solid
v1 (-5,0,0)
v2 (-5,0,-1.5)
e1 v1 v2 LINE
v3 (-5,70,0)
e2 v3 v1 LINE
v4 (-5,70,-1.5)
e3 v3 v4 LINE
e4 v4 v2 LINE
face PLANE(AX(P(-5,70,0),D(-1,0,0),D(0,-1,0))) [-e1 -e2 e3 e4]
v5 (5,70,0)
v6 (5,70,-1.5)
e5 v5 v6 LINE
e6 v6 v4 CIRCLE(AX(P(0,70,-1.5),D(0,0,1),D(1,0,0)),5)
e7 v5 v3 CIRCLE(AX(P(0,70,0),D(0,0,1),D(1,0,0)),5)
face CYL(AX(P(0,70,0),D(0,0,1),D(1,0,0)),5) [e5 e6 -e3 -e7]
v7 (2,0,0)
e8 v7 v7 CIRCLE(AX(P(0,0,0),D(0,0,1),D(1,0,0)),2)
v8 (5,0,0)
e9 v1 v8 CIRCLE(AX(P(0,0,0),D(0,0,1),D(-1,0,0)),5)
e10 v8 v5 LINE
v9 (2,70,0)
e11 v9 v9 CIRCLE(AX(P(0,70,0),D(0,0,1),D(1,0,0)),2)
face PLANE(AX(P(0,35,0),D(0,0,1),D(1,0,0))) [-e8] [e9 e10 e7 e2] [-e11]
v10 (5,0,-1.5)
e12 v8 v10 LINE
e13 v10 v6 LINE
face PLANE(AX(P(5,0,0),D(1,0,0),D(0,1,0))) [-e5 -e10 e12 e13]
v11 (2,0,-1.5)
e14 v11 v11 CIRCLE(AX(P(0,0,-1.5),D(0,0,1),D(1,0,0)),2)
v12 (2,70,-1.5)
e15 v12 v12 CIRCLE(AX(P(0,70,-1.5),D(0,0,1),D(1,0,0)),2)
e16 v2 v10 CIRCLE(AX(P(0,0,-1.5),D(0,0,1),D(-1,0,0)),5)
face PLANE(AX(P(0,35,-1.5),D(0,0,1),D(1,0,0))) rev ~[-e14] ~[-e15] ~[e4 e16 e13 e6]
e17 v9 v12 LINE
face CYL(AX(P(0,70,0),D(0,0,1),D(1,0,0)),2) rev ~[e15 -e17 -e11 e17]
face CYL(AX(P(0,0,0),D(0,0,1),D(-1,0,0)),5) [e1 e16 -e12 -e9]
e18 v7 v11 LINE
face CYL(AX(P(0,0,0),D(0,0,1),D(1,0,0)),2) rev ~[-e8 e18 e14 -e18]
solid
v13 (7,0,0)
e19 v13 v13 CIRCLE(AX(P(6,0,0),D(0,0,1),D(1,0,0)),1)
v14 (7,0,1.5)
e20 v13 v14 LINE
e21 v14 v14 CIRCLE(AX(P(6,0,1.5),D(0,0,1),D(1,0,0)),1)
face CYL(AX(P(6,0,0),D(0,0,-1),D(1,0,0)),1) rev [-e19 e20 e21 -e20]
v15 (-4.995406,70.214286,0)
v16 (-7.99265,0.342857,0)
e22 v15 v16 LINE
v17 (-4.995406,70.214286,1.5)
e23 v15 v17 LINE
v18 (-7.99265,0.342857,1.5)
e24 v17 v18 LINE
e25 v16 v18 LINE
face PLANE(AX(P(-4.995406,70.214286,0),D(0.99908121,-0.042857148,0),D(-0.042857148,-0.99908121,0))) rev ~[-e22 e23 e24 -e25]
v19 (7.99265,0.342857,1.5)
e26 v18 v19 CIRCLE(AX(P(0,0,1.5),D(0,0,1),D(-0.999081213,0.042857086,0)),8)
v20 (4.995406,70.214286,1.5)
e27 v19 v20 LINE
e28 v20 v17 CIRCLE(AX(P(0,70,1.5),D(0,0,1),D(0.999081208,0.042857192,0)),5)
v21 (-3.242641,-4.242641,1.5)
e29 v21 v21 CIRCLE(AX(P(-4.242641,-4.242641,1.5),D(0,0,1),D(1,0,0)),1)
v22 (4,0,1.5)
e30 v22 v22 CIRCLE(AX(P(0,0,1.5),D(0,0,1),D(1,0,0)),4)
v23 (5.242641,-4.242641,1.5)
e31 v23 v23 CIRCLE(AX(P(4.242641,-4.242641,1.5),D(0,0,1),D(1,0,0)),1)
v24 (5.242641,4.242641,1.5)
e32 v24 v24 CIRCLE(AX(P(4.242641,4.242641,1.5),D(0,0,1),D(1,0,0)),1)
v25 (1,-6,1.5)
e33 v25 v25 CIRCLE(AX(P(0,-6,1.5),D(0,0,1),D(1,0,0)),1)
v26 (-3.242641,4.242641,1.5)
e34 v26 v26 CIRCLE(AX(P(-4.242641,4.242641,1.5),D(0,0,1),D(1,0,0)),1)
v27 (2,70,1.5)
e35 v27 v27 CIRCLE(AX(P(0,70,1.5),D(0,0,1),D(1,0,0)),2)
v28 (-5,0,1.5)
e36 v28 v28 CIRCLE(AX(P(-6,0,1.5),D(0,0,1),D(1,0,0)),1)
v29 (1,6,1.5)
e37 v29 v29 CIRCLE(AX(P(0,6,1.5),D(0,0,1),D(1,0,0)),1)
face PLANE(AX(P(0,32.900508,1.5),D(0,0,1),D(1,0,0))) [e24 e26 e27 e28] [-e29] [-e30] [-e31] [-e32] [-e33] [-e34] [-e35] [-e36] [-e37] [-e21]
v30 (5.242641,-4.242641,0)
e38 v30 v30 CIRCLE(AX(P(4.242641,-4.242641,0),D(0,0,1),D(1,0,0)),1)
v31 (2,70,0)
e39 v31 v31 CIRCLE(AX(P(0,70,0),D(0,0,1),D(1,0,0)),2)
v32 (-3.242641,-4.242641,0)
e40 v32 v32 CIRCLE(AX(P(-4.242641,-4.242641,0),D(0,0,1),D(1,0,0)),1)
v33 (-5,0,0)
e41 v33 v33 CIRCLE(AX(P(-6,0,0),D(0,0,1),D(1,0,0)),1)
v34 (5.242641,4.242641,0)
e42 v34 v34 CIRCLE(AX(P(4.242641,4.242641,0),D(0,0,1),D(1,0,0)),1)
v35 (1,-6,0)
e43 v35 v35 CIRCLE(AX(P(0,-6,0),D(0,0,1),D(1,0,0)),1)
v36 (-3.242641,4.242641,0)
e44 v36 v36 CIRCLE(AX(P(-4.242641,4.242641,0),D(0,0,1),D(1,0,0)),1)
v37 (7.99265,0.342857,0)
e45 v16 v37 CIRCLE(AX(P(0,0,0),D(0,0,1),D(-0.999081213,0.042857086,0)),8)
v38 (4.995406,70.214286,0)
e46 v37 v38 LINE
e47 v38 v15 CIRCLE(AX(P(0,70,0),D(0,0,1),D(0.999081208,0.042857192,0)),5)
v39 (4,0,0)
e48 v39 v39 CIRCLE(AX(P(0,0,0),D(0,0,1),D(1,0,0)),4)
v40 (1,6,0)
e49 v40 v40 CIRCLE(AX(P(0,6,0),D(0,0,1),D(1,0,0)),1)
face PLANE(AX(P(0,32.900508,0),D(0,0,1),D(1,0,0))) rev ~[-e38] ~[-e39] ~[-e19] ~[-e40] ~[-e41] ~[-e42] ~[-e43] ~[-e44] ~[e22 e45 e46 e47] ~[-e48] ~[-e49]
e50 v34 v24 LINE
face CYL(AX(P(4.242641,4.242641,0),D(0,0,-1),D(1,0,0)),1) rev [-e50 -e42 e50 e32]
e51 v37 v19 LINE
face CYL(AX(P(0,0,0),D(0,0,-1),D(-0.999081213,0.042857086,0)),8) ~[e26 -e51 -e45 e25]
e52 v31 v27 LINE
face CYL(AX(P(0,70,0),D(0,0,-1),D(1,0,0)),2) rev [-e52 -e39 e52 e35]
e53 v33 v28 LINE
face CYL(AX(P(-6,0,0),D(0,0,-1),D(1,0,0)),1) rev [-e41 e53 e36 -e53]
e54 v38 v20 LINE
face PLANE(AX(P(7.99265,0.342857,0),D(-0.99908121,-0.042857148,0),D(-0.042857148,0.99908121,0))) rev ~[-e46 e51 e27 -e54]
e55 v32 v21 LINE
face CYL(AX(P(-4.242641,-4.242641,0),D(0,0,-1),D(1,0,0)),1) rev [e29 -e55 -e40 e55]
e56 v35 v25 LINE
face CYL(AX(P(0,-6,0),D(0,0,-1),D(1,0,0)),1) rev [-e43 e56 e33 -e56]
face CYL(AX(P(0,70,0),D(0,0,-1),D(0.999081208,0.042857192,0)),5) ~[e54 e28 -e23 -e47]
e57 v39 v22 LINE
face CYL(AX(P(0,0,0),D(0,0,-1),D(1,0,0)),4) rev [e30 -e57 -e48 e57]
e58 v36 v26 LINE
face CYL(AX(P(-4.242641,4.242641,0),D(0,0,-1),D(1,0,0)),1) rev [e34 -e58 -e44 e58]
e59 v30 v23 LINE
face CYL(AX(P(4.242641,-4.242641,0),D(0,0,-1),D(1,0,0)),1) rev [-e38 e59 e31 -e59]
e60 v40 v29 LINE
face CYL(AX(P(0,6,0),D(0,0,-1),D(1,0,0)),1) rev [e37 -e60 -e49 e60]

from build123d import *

# Parameters (mm, degrees)
F0_R     = 1
F0_R_2   = 4
F0_R_3   = 2
F1_DEPTH = 1.5
F2_R     = 2
F3_DEPTH = 1.5


with BuildPart() as f1:
    # F0 (on Top) → F1 (new body)
    with BuildSketch(Plane.XY):
        with BuildLine():
            Line((-4.995406, 70.214286), (-7.99265, 0.342857))
            ThreePointArc((-7.99265, 0.342857), (0, -8), (7.99265, 0.342857))
            Line((7.99265, 0.342857), (4.995406, 70.214286))
            ThreePointArc((4.995406, 70.214286), (0, 75), (-4.995406, 70.214286))
        make_face()
        with Locations((-4.242641, -4.242641)):
            Circle(F0_R, mode=Mode.SUBTRACT)
        with Locations((-6, 0)):
            Circle(F0_R, mode=Mode.SUBTRACT)
        with Locations((-4.242641, 4.242641)):
            Circle(F0_R, mode=Mode.SUBTRACT)
        with Locations((0, -6)):
            Circle(F0_R, mode=Mode.SUBTRACT)
        Circle(F0_R_2, mode=Mode.SUBTRACT)
        with Locations((0, 6)):
            Circle(F0_R, mode=Mode.SUBTRACT)
        with Locations((4.242641, -4.242641)):
            Circle(F0_R, mode=Mode.SUBTRACT)
        with Locations((6, 0)):
            Circle(F0_R, mode=Mode.SUBTRACT)
        with Locations((4.242641, 4.242641)):
            Circle(F0_R, mode=Mode.SUBTRACT)
        with Locations((0, 70)):
            Circle(F0_R_3, mode=Mode.SUBTRACT)
    extrude(amount=F1_DEPTH)


with BuildPart() as f3:
    # F2 (on Top) → F3 (new body)
    with BuildSketch(Plane.XY):
        with BuildLine():
            Line((5, 35), (5, 70))
            ThreePointArc((5, 70), (0, 75), (-5, 70))
            Line((-5, 70), (-5, 35))
            Line((-5, 35), (-5, 0))
            ThreePointArc((-5, 0), (0, -5), (5, 0))
            Line((5, 0), (5, 35))
        make_face()
        Circle(F2_R, mode=Mode.SUBTRACT)
        with Locations((0, 70)):
            Circle(F2_R, mode=Mode.SUBTRACT)
    extrude(amount=-F3_DEPTH)


solid = Compound([f1.part, f3.part])
